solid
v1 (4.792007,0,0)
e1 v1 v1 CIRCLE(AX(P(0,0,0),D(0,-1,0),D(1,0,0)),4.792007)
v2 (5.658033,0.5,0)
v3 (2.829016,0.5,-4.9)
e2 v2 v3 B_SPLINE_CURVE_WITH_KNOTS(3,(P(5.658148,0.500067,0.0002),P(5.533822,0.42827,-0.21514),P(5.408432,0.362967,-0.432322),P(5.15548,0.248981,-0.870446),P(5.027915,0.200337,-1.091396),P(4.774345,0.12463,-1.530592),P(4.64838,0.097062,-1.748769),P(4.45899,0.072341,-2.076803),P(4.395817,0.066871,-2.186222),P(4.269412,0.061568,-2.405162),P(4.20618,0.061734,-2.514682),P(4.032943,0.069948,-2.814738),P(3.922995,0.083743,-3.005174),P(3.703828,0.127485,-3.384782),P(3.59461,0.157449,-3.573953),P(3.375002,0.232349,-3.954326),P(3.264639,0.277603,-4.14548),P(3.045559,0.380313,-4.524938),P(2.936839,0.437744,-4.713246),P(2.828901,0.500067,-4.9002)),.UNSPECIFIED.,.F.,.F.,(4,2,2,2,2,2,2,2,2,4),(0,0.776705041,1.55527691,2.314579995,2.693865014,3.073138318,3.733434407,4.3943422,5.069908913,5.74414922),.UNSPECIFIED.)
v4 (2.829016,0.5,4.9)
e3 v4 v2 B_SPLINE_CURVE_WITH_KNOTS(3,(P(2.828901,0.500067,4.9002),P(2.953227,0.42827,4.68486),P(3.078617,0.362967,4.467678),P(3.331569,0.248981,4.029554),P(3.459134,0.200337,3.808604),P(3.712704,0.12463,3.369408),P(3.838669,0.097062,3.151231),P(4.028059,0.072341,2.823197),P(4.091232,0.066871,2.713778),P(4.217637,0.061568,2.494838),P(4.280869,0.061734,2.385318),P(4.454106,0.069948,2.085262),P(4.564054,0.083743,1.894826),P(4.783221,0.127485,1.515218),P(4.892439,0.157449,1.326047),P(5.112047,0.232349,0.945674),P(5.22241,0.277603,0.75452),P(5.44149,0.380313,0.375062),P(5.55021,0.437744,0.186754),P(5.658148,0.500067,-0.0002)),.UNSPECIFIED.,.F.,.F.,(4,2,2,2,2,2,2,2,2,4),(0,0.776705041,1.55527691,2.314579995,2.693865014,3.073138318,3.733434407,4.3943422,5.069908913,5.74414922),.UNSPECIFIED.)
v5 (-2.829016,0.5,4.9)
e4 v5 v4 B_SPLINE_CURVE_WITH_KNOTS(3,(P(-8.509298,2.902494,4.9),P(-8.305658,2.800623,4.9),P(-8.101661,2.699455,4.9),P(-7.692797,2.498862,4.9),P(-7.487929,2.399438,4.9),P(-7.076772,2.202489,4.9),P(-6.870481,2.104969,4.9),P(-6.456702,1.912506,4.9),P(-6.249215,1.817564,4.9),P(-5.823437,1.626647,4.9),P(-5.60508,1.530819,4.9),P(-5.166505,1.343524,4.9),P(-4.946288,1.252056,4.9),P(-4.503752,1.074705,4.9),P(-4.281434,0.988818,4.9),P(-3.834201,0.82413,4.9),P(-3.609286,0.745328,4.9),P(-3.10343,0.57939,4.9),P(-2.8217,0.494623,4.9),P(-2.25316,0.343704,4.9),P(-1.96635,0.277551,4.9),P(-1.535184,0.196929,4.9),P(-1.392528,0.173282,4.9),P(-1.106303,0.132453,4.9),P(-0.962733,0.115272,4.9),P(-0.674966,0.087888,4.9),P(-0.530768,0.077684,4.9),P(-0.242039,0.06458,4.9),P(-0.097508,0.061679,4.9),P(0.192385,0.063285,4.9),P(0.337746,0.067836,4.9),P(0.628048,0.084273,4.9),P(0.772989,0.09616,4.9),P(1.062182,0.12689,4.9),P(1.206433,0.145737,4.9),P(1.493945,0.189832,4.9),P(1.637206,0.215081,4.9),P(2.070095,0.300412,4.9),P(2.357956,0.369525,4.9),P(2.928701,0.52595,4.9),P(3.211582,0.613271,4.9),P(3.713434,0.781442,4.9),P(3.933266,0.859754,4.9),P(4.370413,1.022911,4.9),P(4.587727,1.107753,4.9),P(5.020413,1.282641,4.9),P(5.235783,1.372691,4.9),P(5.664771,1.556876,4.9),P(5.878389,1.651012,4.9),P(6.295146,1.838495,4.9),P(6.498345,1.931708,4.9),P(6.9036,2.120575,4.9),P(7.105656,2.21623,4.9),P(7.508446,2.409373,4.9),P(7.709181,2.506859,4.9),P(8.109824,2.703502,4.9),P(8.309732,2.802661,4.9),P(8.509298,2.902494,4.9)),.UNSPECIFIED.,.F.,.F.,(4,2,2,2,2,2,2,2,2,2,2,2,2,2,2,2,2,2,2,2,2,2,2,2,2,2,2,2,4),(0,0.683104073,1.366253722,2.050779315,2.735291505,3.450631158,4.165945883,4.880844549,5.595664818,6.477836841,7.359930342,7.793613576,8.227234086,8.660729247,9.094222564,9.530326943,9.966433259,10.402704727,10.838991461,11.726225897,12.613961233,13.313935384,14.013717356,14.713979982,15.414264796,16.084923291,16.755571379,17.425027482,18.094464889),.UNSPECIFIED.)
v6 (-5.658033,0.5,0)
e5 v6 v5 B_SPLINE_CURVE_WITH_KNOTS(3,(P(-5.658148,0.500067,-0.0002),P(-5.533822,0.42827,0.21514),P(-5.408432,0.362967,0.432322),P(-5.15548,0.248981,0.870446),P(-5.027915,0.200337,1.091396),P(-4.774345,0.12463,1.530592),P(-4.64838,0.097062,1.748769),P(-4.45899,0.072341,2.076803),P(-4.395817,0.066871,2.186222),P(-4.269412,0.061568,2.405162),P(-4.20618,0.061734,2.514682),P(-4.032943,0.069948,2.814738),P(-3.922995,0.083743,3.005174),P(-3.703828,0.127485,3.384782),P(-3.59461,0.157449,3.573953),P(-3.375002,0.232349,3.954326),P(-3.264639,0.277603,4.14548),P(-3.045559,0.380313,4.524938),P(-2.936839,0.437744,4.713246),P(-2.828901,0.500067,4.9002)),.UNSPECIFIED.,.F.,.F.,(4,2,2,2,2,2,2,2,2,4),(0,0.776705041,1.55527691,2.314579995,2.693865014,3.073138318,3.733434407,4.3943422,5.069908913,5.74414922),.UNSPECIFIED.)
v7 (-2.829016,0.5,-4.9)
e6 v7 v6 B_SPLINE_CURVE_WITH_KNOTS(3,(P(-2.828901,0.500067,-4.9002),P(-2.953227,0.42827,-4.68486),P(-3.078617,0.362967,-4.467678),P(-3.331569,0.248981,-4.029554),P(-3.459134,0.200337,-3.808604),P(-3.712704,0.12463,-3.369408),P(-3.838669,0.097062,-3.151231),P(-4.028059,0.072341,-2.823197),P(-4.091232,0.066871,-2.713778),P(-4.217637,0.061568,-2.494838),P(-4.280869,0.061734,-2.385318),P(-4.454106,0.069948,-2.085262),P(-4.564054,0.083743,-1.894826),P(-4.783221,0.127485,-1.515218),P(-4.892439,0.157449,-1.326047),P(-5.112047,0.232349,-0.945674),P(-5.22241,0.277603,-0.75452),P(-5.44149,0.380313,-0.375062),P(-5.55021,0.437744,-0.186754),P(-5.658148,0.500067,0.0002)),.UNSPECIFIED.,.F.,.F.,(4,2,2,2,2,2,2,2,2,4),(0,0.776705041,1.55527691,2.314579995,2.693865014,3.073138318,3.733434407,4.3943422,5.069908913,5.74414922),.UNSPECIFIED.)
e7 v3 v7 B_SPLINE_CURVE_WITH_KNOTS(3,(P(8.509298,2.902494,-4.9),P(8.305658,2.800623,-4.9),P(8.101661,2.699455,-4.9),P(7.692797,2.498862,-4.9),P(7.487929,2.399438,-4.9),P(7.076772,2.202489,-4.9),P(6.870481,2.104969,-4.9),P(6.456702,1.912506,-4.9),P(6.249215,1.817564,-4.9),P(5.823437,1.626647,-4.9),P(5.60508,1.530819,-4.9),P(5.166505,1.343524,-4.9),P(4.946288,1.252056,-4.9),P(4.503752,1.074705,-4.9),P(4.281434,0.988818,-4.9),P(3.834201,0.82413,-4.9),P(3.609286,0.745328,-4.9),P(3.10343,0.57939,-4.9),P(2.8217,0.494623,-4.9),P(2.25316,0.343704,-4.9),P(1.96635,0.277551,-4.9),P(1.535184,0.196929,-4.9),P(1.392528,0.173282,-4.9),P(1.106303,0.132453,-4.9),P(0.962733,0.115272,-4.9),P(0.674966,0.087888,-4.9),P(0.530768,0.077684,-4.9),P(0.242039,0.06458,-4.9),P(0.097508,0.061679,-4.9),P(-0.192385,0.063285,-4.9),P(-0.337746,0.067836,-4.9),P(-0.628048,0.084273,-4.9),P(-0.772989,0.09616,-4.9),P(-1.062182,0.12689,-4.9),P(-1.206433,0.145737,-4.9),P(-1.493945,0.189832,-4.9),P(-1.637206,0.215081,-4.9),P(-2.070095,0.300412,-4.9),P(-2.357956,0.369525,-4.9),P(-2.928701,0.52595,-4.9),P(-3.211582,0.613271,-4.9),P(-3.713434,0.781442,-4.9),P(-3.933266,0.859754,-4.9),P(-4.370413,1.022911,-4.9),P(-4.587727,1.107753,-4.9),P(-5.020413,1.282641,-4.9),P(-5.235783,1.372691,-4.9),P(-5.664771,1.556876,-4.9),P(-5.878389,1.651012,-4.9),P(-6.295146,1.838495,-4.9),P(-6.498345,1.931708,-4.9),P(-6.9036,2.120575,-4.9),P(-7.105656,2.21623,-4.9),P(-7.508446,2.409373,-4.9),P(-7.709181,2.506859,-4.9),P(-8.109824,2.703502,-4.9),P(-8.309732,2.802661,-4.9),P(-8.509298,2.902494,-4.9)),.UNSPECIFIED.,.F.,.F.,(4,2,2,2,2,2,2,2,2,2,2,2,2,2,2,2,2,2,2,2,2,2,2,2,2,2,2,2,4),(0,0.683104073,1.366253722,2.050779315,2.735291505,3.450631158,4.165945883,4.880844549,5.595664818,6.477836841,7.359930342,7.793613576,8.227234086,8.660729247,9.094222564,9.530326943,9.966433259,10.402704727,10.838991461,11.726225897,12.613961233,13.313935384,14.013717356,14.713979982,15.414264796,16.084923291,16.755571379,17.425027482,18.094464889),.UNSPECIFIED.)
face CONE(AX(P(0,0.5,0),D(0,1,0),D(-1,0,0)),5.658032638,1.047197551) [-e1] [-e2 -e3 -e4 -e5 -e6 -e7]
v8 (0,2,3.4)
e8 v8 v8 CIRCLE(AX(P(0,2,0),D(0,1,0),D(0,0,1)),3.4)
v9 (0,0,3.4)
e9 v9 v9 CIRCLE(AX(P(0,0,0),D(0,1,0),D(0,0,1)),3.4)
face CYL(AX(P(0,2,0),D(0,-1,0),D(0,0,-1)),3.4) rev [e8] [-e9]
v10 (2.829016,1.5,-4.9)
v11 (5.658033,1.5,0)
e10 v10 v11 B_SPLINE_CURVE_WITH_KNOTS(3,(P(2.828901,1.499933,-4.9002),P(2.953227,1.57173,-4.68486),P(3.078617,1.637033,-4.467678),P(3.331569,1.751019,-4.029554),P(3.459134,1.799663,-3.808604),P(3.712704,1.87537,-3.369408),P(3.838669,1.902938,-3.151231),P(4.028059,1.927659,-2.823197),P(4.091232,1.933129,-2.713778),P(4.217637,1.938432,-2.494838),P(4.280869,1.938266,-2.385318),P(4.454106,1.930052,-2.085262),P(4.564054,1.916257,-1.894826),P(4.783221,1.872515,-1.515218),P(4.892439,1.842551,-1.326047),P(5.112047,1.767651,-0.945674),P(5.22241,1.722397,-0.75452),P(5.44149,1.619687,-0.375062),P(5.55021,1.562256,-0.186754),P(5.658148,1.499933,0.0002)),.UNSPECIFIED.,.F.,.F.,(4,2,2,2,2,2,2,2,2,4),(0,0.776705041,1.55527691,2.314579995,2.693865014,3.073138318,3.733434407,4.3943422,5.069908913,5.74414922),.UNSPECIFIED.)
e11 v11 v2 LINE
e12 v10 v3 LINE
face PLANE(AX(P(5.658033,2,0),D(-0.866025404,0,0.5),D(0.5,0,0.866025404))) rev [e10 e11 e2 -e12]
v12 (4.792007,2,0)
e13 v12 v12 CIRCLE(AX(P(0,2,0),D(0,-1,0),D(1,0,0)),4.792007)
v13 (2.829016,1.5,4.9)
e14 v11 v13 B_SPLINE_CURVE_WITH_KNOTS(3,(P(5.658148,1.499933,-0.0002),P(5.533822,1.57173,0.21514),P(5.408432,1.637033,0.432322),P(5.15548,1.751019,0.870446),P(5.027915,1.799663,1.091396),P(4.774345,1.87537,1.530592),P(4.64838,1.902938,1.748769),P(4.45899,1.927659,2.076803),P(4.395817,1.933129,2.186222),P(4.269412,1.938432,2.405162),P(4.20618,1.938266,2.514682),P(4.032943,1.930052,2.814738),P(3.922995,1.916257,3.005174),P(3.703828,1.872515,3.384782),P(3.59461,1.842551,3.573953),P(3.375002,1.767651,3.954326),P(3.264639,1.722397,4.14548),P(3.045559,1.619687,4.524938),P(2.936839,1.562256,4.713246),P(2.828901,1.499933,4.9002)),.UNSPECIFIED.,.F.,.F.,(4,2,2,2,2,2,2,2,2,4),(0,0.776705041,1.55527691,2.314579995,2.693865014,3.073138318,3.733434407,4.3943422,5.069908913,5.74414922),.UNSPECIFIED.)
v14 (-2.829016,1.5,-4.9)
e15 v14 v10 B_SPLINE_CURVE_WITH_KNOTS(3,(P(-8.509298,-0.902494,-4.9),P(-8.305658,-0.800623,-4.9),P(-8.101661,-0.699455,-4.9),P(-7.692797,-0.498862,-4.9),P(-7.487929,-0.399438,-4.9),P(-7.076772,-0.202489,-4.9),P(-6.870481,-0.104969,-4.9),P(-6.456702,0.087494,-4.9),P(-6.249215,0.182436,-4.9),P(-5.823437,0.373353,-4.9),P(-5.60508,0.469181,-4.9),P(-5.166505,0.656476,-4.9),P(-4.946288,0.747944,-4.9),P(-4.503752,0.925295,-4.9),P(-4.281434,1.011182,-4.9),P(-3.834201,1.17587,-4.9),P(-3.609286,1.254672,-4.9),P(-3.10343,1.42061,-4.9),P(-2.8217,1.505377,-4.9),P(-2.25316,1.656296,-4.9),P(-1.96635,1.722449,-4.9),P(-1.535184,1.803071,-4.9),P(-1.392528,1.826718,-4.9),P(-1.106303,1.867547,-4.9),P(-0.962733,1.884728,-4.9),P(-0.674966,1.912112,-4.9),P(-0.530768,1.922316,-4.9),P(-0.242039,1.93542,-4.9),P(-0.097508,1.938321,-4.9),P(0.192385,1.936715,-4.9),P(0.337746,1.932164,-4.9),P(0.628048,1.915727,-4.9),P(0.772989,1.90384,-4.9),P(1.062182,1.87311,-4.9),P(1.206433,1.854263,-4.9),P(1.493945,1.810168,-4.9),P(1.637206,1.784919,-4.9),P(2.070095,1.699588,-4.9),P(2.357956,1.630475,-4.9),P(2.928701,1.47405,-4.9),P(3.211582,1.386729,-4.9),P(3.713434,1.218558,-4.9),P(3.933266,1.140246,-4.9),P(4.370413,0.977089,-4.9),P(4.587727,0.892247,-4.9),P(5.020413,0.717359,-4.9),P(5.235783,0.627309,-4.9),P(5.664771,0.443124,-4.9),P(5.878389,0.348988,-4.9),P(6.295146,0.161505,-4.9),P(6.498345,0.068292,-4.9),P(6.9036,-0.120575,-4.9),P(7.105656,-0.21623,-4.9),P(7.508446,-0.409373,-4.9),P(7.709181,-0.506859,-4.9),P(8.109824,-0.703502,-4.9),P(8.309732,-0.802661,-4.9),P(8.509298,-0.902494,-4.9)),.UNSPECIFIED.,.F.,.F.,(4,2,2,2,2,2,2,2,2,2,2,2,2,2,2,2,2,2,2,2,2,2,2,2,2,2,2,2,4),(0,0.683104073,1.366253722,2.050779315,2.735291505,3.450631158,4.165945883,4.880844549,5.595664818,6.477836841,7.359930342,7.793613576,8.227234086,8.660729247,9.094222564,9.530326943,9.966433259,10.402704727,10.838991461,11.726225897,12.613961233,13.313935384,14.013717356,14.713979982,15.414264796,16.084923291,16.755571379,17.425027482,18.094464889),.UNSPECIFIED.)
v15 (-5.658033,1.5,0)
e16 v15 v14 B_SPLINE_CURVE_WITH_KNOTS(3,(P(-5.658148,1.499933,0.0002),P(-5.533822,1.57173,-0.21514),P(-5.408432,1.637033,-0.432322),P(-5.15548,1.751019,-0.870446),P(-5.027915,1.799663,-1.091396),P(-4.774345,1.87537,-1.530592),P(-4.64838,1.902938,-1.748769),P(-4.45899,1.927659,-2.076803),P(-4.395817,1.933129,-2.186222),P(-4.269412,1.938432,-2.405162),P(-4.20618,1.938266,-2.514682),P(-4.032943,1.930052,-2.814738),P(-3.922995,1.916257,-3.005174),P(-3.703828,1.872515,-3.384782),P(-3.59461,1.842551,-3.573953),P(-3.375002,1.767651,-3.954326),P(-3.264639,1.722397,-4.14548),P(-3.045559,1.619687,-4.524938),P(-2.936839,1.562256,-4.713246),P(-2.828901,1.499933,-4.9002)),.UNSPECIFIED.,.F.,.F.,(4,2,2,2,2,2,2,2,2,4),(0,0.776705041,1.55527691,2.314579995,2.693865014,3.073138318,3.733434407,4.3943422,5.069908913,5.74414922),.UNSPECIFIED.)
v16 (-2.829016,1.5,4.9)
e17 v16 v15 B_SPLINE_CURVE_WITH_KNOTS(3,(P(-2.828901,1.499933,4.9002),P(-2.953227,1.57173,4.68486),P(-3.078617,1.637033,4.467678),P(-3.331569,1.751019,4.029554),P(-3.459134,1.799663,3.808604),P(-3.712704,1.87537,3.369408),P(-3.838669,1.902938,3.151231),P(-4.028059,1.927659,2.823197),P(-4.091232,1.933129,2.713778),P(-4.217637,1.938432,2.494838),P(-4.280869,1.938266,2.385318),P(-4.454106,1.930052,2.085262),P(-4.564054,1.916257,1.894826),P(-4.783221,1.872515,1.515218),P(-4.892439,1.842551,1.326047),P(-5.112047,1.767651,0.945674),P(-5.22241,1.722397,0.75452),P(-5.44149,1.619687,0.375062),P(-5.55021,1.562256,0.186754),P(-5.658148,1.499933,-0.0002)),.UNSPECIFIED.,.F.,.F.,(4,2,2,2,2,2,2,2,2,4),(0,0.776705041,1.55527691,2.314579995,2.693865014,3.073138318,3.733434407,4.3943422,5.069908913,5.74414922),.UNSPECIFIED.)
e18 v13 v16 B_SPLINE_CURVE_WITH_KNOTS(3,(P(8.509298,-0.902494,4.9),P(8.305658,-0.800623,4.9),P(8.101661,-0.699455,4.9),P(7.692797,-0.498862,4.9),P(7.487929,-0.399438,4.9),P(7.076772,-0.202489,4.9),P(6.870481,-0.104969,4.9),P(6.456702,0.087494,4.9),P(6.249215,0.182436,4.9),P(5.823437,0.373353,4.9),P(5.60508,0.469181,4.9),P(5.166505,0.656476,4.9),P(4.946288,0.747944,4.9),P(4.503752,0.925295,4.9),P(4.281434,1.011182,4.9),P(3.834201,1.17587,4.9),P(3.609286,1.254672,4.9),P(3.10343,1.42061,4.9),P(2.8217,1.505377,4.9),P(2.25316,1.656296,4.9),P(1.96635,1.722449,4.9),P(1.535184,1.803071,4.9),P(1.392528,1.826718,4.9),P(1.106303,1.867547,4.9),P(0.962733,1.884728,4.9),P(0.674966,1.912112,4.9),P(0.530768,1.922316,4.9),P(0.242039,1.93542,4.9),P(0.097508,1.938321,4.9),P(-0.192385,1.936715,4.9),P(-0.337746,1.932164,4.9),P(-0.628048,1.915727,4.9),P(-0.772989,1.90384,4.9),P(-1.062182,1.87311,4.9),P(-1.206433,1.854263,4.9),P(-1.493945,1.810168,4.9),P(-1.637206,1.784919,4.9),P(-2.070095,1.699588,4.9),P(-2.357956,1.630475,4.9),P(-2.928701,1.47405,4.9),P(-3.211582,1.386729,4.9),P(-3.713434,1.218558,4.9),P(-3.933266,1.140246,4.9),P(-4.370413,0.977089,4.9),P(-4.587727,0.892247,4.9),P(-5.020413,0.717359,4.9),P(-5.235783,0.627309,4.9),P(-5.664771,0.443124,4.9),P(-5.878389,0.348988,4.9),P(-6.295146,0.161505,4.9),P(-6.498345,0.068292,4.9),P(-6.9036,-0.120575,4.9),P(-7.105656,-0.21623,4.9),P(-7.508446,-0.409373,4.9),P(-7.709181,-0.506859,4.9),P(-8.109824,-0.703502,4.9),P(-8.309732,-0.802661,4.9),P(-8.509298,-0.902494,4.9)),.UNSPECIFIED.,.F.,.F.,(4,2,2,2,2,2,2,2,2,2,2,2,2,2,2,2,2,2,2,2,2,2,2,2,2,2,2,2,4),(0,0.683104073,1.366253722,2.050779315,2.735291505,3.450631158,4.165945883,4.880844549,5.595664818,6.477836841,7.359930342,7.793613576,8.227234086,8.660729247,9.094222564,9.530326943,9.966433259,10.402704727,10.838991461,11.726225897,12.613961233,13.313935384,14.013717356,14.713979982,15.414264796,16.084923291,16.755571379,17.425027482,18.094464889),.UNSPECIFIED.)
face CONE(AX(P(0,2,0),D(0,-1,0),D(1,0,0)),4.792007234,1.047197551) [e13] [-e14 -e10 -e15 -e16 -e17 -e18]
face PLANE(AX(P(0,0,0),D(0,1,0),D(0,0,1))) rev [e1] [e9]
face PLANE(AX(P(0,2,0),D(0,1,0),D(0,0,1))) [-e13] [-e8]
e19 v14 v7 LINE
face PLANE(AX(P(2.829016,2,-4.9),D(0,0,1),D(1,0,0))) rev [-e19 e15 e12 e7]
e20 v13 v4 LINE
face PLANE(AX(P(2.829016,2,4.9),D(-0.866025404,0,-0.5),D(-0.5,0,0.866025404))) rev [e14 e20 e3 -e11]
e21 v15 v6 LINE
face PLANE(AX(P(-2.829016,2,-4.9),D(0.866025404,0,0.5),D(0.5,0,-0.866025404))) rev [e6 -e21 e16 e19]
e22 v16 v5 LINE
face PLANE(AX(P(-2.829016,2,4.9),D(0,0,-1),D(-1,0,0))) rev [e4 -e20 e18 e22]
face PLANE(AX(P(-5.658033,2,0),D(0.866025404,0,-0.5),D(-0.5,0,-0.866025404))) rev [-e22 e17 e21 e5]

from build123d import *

# Parameters (mm, degrees)
SKETCH1_R           = 3.4
BOSS_EXTRUDE1_DEPTH = 2


with BuildPart() as part:
    # Sketch1 → Boss-Extrude1 (new body)
    with BuildSketch(Plane(origin=(0, 0, 0), x_dir=(1, 0, 0), z_dir=(0, 1, 0))):
        Polygon((5.658032638, 0), (2.829016319, 4.9), (-2.829016319, 4.9), (-5.658032638, 0), (-2.829016319, -4.9), (2.829016319, -4.9), align=None)
        with Locations(Location((0, 0, 0), (0, 0, 270))):
            Circle(SKETCH1_R, mode=Mode.SUBTRACT)
    extrude(amount=BOSS_EXTRUDE1_DEPTH)

    # Sketch2 → Cut-Revolve1 (revolve, cut)
    with BuildSketch(Plane.XY):
        Polygon((5.658032638, 1.5), (4.792007234, 2), (5.658032638, 2), align=None)
        Polygon((5.658032638, 0.5), (4.792007234, 0), (5.658032638, 0), align=None)
    revolve(axis=Axis((0, -1000, 0), (0, 1, 0)), mode=Mode.SUBTRACT)


solid = part.part
